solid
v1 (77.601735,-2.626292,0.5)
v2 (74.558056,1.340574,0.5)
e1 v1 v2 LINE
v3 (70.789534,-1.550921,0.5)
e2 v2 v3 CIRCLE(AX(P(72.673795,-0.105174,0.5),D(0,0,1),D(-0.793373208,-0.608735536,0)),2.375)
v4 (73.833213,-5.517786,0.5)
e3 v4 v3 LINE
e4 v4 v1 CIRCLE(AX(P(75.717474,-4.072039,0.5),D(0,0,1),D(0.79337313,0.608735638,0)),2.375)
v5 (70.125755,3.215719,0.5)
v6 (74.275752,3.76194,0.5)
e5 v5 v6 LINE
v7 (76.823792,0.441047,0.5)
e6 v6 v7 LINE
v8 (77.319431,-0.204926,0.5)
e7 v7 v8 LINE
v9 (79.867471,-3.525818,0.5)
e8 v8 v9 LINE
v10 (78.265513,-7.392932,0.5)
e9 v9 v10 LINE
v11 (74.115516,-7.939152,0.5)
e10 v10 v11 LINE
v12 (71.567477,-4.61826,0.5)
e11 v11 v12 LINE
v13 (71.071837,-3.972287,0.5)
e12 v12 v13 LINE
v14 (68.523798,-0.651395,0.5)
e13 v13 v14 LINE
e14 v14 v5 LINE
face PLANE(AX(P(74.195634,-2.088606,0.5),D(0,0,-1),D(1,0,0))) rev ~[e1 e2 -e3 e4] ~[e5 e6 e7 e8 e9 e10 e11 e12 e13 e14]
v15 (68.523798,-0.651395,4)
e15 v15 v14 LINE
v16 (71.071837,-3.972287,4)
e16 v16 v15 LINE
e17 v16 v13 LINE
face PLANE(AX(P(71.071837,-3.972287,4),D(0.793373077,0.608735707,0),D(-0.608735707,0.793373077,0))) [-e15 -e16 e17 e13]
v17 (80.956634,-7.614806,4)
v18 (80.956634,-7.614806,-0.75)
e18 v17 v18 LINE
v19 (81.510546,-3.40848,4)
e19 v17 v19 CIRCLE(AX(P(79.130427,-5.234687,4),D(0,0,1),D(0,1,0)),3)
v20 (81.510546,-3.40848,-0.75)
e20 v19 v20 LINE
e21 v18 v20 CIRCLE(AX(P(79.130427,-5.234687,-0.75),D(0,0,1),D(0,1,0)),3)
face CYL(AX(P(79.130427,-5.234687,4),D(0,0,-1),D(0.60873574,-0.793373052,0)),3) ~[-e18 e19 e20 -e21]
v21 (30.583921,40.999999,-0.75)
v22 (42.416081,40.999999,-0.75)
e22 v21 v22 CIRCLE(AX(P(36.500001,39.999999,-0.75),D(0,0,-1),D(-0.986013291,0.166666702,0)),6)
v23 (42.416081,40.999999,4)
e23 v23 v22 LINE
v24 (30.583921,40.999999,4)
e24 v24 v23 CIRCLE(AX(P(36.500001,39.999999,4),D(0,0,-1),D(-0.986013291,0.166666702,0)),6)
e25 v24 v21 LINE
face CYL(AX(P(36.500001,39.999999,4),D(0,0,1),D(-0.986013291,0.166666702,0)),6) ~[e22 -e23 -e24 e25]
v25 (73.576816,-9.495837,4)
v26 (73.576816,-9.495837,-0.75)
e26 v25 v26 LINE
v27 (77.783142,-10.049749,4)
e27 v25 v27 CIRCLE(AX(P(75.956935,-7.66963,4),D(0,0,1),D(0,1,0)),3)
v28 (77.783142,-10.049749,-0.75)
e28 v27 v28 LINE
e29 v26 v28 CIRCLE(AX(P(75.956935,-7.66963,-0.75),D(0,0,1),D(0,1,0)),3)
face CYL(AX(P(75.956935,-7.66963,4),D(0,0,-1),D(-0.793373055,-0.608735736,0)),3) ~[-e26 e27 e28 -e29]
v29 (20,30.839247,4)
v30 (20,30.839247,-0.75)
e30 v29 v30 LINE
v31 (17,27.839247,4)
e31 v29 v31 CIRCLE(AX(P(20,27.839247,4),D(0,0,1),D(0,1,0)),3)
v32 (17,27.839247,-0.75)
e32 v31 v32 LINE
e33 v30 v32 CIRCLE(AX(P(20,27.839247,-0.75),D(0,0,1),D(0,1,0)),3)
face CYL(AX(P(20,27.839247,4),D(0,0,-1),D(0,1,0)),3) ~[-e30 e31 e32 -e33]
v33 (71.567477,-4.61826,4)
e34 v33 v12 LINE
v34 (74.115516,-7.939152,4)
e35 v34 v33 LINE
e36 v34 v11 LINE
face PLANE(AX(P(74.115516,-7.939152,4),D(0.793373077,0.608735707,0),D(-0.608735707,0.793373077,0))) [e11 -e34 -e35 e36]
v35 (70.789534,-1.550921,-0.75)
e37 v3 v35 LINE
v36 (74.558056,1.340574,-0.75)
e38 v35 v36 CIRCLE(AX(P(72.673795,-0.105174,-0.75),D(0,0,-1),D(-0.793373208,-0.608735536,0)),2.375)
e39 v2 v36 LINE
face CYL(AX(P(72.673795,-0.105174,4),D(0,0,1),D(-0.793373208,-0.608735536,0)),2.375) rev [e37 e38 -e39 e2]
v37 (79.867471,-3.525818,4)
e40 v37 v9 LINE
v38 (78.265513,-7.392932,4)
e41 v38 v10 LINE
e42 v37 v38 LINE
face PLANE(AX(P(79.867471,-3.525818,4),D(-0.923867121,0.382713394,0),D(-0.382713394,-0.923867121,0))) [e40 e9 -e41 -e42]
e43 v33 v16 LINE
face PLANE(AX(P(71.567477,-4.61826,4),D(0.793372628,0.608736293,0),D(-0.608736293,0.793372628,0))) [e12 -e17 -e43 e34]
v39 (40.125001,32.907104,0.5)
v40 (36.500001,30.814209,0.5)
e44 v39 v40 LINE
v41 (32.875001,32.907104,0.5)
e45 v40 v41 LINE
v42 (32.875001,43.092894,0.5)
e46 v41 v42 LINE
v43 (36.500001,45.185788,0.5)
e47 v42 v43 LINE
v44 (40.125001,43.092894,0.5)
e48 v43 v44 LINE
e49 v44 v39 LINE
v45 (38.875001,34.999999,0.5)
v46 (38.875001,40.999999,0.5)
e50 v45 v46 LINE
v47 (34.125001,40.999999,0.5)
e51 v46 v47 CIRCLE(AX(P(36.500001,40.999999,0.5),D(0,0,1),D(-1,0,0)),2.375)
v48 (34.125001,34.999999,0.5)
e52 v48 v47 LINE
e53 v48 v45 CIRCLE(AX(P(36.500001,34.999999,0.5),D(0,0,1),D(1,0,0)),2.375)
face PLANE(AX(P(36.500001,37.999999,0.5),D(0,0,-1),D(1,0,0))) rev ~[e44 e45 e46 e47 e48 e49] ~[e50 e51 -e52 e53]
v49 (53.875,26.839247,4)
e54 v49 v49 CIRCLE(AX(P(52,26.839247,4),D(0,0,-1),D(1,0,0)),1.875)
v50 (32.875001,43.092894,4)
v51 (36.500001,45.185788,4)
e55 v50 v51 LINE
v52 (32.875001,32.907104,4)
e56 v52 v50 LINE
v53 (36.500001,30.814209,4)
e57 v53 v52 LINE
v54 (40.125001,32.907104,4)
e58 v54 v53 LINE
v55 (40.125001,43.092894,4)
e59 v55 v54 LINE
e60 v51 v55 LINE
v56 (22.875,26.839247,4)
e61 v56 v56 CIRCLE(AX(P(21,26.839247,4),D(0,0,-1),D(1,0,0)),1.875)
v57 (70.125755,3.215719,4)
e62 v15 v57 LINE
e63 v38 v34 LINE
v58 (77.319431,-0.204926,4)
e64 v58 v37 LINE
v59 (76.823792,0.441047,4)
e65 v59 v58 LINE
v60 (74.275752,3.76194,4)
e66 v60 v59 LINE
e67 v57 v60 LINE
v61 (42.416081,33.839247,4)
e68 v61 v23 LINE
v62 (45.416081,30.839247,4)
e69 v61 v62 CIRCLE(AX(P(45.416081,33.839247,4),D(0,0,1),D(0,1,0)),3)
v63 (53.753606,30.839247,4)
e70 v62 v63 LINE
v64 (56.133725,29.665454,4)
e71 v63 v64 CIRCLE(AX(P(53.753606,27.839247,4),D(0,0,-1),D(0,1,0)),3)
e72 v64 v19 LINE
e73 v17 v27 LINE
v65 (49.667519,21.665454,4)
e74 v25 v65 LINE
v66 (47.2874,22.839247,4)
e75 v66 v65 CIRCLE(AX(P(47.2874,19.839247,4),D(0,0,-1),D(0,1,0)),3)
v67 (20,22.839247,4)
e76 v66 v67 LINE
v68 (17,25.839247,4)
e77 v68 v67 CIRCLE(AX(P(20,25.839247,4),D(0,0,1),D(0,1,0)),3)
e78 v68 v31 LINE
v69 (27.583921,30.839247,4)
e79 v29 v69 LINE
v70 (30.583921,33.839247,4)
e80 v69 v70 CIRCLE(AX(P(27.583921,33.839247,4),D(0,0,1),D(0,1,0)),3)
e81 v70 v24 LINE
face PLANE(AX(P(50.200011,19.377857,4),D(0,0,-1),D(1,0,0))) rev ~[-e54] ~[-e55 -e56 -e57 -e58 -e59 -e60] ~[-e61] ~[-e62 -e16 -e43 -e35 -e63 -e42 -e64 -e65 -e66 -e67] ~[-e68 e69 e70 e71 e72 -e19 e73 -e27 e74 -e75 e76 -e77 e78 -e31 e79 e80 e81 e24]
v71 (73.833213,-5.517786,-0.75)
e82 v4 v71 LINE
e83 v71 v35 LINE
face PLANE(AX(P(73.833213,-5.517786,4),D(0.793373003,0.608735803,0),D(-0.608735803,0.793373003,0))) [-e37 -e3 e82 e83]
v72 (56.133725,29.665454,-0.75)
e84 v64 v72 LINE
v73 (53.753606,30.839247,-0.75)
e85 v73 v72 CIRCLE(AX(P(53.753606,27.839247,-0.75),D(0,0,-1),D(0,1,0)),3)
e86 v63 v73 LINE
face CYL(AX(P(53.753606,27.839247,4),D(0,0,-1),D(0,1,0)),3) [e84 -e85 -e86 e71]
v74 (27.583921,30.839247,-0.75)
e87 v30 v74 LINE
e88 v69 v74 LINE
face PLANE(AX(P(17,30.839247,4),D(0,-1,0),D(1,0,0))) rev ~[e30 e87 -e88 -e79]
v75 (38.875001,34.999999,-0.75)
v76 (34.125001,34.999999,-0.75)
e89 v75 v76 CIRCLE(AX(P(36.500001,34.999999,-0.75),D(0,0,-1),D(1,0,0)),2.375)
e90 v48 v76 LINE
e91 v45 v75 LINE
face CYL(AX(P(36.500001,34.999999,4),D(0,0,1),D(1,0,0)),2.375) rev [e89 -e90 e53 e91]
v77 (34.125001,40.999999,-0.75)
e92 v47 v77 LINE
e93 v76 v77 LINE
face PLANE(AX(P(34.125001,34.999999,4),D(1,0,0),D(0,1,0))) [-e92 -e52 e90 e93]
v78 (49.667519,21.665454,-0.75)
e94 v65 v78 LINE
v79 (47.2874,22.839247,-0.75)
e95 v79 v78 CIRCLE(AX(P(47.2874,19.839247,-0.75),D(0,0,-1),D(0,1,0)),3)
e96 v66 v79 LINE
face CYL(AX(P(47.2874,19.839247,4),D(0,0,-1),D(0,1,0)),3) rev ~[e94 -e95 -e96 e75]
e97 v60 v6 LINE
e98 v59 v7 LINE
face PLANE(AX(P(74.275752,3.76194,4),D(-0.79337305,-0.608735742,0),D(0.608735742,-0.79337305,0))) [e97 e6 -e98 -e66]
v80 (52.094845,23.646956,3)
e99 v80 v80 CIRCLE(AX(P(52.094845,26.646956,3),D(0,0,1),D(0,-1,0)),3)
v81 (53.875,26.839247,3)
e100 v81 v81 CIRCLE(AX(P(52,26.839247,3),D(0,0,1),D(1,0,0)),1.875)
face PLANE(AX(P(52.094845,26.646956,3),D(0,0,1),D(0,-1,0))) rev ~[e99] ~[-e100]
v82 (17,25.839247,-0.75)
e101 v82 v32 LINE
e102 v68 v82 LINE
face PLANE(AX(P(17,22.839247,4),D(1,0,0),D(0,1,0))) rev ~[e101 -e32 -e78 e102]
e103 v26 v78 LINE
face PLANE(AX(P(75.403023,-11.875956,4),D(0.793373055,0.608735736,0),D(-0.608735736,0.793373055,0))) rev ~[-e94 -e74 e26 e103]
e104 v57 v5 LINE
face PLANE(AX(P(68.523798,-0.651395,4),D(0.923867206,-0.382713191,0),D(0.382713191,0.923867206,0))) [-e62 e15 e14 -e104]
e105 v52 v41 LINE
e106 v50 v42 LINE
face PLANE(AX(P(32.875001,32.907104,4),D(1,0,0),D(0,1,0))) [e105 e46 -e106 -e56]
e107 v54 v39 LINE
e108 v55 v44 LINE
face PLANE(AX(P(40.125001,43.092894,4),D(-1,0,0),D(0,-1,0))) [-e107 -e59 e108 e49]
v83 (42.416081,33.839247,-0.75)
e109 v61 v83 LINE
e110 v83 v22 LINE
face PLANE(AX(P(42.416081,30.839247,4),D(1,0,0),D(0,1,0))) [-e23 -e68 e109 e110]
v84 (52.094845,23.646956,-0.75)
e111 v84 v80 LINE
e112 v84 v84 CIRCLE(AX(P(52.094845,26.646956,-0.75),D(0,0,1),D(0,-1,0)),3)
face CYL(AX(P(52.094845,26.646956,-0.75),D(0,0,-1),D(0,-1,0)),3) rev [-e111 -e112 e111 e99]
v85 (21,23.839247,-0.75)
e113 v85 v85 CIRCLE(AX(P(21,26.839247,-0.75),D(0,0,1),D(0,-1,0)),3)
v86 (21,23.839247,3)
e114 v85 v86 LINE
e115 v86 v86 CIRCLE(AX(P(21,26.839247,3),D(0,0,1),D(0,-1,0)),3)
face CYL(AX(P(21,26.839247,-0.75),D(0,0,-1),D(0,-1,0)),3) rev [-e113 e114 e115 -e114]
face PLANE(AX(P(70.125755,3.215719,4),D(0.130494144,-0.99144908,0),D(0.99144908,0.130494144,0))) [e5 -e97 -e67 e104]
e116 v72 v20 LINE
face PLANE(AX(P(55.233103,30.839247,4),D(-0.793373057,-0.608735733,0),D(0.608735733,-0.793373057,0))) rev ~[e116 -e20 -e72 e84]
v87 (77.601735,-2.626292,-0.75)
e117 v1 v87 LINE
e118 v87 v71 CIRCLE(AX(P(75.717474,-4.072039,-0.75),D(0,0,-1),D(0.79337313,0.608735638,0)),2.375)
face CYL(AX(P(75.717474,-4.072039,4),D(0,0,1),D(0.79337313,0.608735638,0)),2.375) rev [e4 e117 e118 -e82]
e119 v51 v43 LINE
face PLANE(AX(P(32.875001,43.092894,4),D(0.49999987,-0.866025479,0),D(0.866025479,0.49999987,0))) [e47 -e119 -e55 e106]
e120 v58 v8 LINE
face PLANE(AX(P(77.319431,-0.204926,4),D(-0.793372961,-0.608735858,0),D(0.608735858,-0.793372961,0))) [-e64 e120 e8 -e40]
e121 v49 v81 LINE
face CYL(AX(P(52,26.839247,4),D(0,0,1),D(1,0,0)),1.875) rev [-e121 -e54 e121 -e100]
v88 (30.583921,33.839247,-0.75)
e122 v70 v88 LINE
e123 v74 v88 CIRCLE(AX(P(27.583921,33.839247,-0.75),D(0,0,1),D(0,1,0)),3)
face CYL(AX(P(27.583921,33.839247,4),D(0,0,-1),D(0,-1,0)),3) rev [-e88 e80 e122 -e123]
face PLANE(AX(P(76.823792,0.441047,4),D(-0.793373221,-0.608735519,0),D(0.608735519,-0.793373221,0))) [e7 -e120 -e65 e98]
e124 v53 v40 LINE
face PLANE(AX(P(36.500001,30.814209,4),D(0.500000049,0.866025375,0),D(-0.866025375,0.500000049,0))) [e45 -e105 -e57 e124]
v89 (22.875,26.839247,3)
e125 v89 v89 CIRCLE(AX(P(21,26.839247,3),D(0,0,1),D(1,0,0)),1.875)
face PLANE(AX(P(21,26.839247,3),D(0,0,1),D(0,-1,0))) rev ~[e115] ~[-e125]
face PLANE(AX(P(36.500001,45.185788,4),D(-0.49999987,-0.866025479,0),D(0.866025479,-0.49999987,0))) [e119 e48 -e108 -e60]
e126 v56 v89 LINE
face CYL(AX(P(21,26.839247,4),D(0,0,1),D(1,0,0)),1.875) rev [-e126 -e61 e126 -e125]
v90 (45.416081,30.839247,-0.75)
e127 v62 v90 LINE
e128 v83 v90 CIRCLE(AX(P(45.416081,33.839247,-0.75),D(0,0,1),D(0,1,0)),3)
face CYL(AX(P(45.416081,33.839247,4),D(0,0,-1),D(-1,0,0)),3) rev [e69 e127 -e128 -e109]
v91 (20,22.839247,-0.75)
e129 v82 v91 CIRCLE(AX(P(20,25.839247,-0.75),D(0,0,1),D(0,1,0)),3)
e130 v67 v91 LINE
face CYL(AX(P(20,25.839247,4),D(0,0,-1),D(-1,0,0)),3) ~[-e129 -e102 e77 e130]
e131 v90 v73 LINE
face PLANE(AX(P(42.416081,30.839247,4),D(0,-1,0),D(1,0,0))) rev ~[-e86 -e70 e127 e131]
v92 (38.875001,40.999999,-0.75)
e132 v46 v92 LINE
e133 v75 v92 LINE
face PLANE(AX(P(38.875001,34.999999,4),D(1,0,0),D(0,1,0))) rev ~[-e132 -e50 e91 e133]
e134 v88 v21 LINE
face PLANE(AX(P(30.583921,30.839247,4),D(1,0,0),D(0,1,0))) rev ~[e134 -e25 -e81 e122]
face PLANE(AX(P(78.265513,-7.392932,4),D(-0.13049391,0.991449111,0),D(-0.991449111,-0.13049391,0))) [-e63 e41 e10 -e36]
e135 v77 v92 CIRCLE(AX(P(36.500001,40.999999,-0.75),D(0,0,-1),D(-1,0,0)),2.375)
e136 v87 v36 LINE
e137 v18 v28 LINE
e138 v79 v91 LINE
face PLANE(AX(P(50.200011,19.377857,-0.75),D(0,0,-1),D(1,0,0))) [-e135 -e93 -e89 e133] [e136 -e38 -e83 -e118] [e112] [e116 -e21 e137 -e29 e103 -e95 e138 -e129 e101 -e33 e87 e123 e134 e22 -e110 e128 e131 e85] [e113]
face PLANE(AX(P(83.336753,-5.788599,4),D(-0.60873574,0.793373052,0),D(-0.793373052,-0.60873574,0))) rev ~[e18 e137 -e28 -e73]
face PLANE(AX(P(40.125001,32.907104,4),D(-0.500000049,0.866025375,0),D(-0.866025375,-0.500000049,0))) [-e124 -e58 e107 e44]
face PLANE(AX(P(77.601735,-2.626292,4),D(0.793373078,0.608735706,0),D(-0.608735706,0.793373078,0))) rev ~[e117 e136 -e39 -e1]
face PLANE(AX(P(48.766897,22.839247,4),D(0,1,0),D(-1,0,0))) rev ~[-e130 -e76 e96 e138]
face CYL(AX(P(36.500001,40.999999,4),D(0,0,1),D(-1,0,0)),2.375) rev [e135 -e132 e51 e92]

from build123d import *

# Parameters (mm, degrees)
SKETCH067_R             = 1.875
PAD035_DEPTH            = 4.75
SKETCH068_R             = 3
POCKET007018_DEPTH      = 3.75
POCKET007019_DEPTH      = 3.5
FILLET001_R             = 3
BODY008_PLACEMENT_ANGLE = 180


with BuildPart() as part:
    # Sketch067 → Pad035 (new body)
    with BuildSketch(Plane.XY.offset(-4)):
        with BuildLine():
            Line((17, -30.839247), (30.583921, -30.839247))
            Line((30.583921, -30.839247), (30.583921, -40.999999))
            ThreePointArc((30.583921, -40.999999), (36.500001, -45.999999), (42.416081, -40.999999))
            Line((42.416081, -30.839247), (42.416081, -40.999999))
            Line((42.416081, -30.839247), (55.233103, -30.839247))
            Line((55.233103, -30.839247), (83.336753, 5.788599))
            Line((83.336753, 5.788599), (75.403023, 11.875956))
            Line((75.403023, 11.875956), (48.766897, -22.839247))
            Line((48.766897, -22.839247), (17, -22.839247))
            Line((17, -22.839247), (17, -30.839247))
        make_face()
        with Locations((21, -26.839247)):
            Circle(SKETCH067_R, mode=Mode.SUBTRACT)
        with Locations((52, -26.839247)):
            Circle(SKETCH067_R, mode=Mode.SUBTRACT)
        with BuildLine():
            ThreePointArc((38.875001, -34.999999), (36.500001, -32.624999), (34.125001, -34.999999))
            Line((34.125001, -34.999999), (34.125001, -40.999999))
            ThreePointArc((34.125001, -40.999999), (36.500001, -43.374999), (38.875001, -40.999999))
            Line((38.875001, -34.999999), (38.875001, -40.999999))
        make_face(mode=Mode.SUBTRACT)
        with BuildLine():
            ThreePointArc((77.601735, 2.626292), (77.163221, 5.9563), (73.833213, 5.517786))
            Line((73.833213, 5.517786), (70.789534, 1.550921))
            ThreePointArc((70.789534, 1.550921), (71.228048, -1.779087), (74.558056, -1.340574))
            Line((77.601735, 2.626292), (74.558056, -1.340574))
        make_face(mode=Mode.SUBTRACT)
    extrude(amount=PAD035_DEPTH)

    # Sketch068 (on ShapeBinder) → Pocket007018 (cut)
    with BuildSketch(Plane(origin=(-1.5, -35, 0.75), x_dir=(0, 1, 0), z_dir=(0, 0, -1))):
        with Locations((8.353044, 53.594845)):
            Circle(SKETCH068_R)
        with Locations((8.160753, 22.5)):
            Circle(SKETCH068_R)
    extrude(amount=POCKET007018_DEPTH, mode=Mode.SUBTRACT)

    # Sketch069 → Pocket007019 (cut)
    with BuildSketch(Plane.XY.offset(-4)):
        Polygon((40.125001, -37.092894), (40.125001, -32.907104), (36.500001, -30.814209), (32.875001, -32.907104), (32.875001, -37.092894), (32.875001, -38.907104), (32.875001, -43.092894), (36.500001, -45.185788), (40.125001, -43.092894), (40.125001, -38.907104), align=None)
        Polygon((77.319431, 0.204926), (79.867471, 3.525818), (78.265513, 7.392932), (74.115516, 7.939152), (71.567477, 4.61826), (71.071837, 3.972287), (68.523798, 0.651395), (70.125755, -3.215719), (74.275752, -3.76194), (76.823792, -0.441047), align=None)
    extrude(amount=POCKET007019_DEPTH, mode=Mode.SUBTRACT)

    # Fillet001
    fillet001_edges = [part.edges().sort_by_distance(p)[0] for p in [
        (42.416081, -30.839247, -1.625),
        (55.233103, -30.839247, -1.625),
        (83.336753, 5.788599, -1.625),
        (75.403023, 11.875956, -1.625),
        (48.766897, -22.839247, -1.625),
        (17, -22.839247, -1.625),
        (17, -30.839247, -1.625),
        (30.583921, -30.839247, -1.625),
    ]]
    fillet(fillet001_edges, radius=FILLET001_R)


with BuildPart() as part_1:
    # Body008 placement: moved
    add(part.part.rotate(Axis((0, 0, 0), (1, 0, 0)), BODY008_PLACEMENT_ANGLE))


solid = part_1.part
